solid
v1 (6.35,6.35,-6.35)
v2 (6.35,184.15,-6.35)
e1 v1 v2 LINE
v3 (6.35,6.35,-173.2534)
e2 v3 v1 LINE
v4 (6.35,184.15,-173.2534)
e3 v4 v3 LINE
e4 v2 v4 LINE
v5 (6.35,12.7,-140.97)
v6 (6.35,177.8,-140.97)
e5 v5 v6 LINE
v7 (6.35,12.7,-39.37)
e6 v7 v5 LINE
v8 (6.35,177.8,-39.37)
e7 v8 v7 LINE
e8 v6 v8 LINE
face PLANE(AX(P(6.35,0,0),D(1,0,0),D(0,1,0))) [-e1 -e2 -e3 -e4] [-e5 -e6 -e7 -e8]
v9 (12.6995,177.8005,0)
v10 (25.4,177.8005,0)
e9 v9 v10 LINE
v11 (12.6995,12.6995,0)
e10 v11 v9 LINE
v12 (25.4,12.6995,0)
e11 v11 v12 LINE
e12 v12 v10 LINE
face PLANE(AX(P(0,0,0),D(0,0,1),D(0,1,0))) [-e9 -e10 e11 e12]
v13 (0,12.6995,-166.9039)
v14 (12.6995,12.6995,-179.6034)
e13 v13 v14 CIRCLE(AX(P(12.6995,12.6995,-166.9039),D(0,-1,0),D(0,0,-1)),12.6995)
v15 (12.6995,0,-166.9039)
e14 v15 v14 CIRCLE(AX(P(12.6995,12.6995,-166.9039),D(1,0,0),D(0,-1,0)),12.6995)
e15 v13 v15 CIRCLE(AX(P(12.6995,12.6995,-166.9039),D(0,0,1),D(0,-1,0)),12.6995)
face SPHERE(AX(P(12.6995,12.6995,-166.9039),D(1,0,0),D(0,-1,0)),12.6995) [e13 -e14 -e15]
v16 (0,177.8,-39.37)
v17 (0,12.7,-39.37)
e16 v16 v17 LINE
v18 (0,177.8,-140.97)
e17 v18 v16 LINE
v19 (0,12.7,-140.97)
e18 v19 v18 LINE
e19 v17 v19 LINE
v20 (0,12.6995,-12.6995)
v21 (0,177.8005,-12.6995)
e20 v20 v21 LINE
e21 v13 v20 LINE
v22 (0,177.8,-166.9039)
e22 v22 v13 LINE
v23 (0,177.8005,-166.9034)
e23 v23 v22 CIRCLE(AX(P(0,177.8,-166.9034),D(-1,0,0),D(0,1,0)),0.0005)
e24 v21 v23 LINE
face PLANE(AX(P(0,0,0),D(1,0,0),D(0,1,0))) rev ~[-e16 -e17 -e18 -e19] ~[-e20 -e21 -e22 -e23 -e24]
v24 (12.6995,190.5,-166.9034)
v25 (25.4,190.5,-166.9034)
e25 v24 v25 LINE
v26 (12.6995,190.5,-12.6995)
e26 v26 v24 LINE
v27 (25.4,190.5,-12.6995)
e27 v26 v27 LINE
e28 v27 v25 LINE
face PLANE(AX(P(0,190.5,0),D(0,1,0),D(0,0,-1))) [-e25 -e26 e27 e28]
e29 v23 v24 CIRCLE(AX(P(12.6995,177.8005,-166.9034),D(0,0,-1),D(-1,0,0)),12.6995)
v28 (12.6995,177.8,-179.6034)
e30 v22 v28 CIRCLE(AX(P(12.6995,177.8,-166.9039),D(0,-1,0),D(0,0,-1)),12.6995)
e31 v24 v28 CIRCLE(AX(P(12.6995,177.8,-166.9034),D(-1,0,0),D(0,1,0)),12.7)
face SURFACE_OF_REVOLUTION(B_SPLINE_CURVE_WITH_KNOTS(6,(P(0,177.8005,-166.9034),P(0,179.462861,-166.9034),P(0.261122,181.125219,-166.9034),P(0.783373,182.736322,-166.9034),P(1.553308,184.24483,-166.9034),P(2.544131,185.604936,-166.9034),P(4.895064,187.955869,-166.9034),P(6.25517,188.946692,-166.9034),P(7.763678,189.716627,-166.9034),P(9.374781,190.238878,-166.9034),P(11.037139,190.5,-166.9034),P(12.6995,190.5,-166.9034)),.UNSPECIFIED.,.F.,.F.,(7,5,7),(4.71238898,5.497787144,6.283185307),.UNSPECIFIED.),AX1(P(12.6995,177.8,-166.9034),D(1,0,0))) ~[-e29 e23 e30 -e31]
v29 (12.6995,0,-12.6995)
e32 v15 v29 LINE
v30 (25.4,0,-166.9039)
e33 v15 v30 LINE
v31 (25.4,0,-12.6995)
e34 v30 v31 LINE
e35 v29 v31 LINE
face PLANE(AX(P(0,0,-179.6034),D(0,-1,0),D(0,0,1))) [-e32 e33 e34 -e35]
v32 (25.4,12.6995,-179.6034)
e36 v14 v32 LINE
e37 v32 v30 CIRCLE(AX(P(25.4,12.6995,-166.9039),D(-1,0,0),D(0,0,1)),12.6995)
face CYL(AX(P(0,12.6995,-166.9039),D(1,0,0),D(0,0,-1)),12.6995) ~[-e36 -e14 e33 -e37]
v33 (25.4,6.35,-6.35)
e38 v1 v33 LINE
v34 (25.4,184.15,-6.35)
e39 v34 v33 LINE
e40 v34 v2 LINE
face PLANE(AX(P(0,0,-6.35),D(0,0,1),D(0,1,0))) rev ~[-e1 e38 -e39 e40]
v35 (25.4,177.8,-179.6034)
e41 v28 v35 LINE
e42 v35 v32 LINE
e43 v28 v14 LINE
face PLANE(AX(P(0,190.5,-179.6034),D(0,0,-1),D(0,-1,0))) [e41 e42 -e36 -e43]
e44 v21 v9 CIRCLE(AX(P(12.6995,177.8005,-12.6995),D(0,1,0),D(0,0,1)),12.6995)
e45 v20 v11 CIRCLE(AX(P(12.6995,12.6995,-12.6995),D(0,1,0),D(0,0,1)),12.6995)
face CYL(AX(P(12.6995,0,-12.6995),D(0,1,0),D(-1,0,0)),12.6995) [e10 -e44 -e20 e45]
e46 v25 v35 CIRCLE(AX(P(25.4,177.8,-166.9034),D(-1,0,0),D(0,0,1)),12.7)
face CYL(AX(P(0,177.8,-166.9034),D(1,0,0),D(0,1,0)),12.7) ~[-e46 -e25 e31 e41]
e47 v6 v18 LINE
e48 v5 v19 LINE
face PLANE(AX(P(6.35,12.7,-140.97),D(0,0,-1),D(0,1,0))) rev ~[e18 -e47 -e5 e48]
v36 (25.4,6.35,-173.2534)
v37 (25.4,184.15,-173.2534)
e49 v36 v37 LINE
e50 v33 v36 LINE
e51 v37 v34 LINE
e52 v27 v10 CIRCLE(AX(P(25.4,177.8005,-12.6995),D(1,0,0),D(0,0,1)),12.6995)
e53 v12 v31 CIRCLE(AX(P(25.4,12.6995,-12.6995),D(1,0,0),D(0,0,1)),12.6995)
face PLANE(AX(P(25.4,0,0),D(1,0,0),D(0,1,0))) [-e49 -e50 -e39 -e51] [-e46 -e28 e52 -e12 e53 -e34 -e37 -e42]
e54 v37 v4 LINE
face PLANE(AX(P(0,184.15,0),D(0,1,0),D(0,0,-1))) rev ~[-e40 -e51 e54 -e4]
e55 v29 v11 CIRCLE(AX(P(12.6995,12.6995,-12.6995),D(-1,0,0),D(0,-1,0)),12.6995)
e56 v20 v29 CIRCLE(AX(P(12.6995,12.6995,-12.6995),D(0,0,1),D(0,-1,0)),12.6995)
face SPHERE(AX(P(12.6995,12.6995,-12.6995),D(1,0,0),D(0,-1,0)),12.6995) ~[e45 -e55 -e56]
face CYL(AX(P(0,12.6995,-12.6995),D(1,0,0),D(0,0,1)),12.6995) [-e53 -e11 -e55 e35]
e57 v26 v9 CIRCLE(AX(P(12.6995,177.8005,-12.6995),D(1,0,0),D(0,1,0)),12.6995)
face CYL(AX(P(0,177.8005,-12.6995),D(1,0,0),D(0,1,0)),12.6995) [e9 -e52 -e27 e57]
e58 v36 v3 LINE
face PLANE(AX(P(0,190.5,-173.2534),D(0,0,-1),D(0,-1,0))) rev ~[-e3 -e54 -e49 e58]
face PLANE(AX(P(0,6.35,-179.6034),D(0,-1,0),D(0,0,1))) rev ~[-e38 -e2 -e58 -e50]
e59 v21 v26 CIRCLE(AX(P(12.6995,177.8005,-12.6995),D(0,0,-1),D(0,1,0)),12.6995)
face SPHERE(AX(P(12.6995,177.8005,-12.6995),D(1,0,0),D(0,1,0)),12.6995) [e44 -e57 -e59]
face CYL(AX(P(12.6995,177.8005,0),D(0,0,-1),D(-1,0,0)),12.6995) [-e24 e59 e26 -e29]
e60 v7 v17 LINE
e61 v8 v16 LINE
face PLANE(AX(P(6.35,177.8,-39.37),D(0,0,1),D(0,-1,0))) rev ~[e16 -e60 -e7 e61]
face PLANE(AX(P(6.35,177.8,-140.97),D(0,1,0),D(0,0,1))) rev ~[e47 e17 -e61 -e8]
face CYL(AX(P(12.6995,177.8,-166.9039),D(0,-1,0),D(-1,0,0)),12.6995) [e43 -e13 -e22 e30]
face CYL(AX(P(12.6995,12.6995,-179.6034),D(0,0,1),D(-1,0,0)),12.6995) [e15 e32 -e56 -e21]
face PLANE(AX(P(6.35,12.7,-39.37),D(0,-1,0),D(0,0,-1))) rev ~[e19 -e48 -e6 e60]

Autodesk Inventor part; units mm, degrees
ref_plane "YZ Plane" through (0, 0, 0) normal (1, 0, 0) x (0, 1, 0)
ref_plane "XZ Plane" through (0, 0, 0) normal (0, 1, 0) x (-1, 0, 0)
ref_plane "XY Plane" through (0, 0, 0) normal (0, 0, 1) x (1, 0, 0)
sketch "Sketch1" plane through (0, 0, 0) normal (1, 0, 0) x (0, 1, 0)
  line L0 (0, 0) -> (190.5, 0)
  line L1 (190.5, 0) -> (190.5, -179.6034)
  line L2 (190.5, -179.6034) -> (0, -179.6034)
  line L3 (0, -179.6034) -> (0, 0)
  dimension "d0" = 190.5
  dimension "d1" = 179.6034
extrude "Extrusion1" add sketch "Sketch1" along normal blind 25.4
shell "Shell1" thickness 6.35 removed faces 1 at (25.4, 127, -119.7356)
sketch "Sketch2" plane through (6.35, 6.35, -173.2534) normal (1, 0, 0) x (0, 0, -1)
  line L0 (-32.2834, 171.45) -> (-133.8834, 171.45)
  line L1 (-133.8834, 171.45) -> (-133.8834, 6.35)
  line L2 (-133.8834, 6.35) -> (-32.2834, 6.35)
  line L3 (-32.2834, 6.35) -> (-32.2834, 171.45)
  line L4 (-166.9034, 177.8) -> (0, 177.8) projected
  line L5 (-166.9034, 0) -> (-166.9034, 177.8) projected
  point P0 (-173.2534, -6.35)
  dimension "d5" = 165.1
  dimension "d6" = 101.6
  dimension "d7" = 6.35
  dimension "d8" = 33.02
extrude "Extrusion2" cut sketch "Sketch2" against normal through all
fillet "Fillet1" radius 12.7 1 edges at (12.7, 190.5, -179.6034)
fillet "Fillet2" radius 12.7 8 edges at (12.7, 190.5, 0) (12.7, 0, 0) (12.7, 0, -179.6034) (0, 0, -89.8017) (0, 186.7803, -175.8837) (0, 190.5, -83.4517) (0, 88.9, -179.6034) (0, 95.25, 0)
properties part number "outer_casing"
